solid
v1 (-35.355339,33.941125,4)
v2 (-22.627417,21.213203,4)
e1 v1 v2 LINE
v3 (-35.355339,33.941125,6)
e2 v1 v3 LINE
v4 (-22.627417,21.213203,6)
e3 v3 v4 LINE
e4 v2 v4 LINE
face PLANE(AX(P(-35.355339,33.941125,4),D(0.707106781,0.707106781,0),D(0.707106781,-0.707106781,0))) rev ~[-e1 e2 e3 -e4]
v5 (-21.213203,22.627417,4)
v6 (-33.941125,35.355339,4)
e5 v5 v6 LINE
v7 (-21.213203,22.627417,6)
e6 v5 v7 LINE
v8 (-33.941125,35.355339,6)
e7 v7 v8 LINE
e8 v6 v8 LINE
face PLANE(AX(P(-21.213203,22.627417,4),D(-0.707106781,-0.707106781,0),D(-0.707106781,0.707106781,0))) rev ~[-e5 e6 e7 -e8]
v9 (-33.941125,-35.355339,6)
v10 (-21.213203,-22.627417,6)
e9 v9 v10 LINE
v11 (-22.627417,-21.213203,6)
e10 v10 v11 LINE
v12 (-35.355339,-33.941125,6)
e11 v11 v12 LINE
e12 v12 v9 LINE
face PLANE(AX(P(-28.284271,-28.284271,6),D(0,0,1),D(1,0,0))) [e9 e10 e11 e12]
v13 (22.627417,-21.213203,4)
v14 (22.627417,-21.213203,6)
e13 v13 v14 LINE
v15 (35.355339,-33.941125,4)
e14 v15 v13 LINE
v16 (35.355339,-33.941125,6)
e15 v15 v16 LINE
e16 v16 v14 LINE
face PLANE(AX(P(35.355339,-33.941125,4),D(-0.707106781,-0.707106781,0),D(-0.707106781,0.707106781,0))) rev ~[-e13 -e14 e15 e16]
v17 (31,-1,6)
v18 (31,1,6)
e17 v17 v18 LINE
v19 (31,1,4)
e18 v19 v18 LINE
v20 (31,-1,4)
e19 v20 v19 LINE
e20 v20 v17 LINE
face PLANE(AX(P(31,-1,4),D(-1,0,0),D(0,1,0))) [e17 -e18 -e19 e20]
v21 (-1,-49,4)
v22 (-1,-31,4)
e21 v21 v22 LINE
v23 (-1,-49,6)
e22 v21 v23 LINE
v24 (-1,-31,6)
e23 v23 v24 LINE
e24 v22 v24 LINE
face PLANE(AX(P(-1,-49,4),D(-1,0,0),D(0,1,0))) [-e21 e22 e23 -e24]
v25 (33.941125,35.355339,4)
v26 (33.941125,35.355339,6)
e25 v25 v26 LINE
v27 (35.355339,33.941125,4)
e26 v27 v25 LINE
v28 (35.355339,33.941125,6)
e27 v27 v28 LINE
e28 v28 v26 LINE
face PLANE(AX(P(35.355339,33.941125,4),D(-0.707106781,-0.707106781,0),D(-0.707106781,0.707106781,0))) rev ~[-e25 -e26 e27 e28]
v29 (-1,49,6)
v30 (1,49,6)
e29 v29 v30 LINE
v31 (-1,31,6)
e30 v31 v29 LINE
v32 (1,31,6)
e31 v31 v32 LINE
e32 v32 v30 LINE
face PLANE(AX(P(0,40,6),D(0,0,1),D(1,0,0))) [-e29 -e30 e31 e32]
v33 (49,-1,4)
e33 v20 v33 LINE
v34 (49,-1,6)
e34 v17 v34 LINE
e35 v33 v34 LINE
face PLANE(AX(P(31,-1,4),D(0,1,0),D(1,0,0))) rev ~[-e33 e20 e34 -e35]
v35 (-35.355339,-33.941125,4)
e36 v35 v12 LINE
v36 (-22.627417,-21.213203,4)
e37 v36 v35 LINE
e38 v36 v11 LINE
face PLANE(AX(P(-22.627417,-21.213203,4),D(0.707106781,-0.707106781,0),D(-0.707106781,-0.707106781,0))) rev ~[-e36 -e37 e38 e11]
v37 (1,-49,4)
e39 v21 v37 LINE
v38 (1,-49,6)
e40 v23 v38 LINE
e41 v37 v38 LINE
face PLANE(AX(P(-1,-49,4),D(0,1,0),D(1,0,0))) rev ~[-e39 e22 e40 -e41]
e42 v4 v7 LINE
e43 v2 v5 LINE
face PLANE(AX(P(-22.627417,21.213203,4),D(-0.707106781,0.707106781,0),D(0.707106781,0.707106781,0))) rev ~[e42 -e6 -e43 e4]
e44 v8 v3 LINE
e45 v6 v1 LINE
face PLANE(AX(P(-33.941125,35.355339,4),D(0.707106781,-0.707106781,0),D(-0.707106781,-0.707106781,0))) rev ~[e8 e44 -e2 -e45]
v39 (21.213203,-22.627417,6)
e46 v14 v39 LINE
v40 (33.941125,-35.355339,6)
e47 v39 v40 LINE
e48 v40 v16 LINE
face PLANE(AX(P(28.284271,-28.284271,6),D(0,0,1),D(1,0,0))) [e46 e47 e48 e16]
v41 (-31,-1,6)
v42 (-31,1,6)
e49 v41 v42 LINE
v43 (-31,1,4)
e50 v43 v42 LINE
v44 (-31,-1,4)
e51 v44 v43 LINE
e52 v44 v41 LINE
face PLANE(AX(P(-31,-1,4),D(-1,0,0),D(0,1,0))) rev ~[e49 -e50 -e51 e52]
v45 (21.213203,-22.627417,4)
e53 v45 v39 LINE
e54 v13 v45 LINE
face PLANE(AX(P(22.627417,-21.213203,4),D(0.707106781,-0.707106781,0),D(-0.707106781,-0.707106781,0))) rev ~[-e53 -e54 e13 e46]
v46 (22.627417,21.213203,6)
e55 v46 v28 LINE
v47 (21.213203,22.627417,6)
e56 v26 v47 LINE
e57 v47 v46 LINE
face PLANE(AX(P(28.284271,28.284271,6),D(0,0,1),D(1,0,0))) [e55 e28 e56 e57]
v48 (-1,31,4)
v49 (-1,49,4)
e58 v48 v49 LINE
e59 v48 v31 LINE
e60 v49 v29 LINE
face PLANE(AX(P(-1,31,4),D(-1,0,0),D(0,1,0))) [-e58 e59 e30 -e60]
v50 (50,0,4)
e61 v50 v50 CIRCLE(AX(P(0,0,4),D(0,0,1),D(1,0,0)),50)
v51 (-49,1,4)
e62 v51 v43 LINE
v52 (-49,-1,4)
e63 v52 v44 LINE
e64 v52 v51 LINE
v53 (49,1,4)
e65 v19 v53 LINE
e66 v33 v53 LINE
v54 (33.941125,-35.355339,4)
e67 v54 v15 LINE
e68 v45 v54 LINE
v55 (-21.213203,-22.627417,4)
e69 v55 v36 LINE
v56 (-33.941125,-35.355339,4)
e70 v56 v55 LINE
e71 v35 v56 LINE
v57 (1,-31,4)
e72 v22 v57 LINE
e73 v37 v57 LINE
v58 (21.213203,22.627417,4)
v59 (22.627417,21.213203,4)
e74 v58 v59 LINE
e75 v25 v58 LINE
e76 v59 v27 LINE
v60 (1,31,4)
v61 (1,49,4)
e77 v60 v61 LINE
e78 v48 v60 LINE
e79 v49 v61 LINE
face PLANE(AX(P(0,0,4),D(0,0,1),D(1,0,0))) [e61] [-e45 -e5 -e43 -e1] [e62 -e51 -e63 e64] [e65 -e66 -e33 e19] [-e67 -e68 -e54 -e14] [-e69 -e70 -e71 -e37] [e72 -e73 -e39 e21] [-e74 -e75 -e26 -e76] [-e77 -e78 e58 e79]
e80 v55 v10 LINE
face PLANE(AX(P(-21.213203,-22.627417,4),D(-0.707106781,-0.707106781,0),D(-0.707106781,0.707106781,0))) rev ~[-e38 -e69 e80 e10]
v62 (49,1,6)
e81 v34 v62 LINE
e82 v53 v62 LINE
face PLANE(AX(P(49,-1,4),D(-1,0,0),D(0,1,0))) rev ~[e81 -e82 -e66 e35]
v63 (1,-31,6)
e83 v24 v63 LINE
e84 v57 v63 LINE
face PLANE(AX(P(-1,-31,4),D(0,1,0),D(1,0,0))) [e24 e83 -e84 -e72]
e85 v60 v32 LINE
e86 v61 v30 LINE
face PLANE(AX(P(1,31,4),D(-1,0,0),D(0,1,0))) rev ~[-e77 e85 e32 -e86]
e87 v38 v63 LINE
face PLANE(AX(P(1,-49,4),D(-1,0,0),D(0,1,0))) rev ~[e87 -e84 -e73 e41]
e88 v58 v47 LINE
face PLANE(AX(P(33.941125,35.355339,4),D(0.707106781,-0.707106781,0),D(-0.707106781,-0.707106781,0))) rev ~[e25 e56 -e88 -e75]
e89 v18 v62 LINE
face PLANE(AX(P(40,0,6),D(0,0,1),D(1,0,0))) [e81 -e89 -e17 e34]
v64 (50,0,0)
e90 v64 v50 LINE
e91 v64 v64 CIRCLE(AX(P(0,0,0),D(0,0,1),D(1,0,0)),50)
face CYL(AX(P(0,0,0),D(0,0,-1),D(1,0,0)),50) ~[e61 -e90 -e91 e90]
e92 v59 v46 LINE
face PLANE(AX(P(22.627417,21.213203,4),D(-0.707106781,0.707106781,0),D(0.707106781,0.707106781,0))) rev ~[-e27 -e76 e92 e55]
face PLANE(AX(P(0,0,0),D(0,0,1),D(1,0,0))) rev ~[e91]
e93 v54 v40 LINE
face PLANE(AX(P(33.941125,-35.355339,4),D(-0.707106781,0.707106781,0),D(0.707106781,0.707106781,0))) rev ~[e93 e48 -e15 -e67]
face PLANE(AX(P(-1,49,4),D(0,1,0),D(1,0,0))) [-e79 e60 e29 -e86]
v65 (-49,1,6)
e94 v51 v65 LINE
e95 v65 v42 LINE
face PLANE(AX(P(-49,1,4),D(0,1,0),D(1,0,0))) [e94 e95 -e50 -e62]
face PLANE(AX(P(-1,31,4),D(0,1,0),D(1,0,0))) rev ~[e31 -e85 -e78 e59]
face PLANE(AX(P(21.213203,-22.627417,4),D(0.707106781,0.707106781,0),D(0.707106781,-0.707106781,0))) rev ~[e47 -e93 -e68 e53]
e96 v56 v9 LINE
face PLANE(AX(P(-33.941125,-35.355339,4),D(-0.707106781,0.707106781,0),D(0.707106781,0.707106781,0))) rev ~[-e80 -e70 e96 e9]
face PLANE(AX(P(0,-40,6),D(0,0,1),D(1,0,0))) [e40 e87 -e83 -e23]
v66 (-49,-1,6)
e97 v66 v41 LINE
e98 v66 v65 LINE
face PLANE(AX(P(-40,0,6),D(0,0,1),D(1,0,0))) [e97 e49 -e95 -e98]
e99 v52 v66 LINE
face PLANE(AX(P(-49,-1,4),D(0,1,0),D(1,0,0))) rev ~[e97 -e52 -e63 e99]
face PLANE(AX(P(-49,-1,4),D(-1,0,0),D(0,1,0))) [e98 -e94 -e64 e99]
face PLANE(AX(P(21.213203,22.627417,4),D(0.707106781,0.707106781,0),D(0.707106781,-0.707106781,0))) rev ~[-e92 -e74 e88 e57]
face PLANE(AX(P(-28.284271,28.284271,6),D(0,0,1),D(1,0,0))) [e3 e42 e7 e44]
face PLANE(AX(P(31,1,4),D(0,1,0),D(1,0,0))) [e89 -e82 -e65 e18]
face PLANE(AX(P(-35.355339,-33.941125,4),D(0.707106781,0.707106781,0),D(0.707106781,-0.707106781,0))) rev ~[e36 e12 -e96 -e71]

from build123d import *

# Parameters (mm, degrees)
F0_R     = 50
F1_DEPTH = 4
F2_W     = 2
F2_H     = 18
F2_W_2   = 18
F2_H_2   = 2
F3_DEPTH = 2


with BuildPart() as f1:
    # F0 (on Top) → F1 (new body)
    with BuildSketch(Plane.XY):
        Circle(F0_R)
    extrude(amount=F1_DEPTH)

    # F2 (on face) → F3 (join)
    with BuildSketch(Plane.XY.offset(4)):
        Polygon((-22.627417, 21.213203), (-21.213203, 22.627417), (-33.941125, 35.355339), (-35.355339, 33.941125), align=None)
        with Locations((0, 40)):
            Rectangle(F2_W, F2_H)
        Polygon((21.213203, 22.627417), (22.627417, 21.213203), (35.355339, 33.941125), (33.941125, 35.355339), align=None)
        with Locations((40, 0)):
            Rectangle(F2_W_2, F2_H_2)
        Polygon((22.627417, -21.213203), (21.213203, -22.627417), (33.941125, -35.355339), (35.355339, -33.941125), align=None)
        with Locations((0, -40)):
            Rectangle(F2_W, F2_H)
        Polygon((-21.213203, -22.627417), (-22.627417, -21.213203), (-35.355339, -33.941125), (-33.941125, -35.355339), align=None)
        with Locations((-40, 0)):
            Rectangle(F2_W_2, F2_H_2)
    extrude(amount=F3_DEPTH)


solid = f1.part
